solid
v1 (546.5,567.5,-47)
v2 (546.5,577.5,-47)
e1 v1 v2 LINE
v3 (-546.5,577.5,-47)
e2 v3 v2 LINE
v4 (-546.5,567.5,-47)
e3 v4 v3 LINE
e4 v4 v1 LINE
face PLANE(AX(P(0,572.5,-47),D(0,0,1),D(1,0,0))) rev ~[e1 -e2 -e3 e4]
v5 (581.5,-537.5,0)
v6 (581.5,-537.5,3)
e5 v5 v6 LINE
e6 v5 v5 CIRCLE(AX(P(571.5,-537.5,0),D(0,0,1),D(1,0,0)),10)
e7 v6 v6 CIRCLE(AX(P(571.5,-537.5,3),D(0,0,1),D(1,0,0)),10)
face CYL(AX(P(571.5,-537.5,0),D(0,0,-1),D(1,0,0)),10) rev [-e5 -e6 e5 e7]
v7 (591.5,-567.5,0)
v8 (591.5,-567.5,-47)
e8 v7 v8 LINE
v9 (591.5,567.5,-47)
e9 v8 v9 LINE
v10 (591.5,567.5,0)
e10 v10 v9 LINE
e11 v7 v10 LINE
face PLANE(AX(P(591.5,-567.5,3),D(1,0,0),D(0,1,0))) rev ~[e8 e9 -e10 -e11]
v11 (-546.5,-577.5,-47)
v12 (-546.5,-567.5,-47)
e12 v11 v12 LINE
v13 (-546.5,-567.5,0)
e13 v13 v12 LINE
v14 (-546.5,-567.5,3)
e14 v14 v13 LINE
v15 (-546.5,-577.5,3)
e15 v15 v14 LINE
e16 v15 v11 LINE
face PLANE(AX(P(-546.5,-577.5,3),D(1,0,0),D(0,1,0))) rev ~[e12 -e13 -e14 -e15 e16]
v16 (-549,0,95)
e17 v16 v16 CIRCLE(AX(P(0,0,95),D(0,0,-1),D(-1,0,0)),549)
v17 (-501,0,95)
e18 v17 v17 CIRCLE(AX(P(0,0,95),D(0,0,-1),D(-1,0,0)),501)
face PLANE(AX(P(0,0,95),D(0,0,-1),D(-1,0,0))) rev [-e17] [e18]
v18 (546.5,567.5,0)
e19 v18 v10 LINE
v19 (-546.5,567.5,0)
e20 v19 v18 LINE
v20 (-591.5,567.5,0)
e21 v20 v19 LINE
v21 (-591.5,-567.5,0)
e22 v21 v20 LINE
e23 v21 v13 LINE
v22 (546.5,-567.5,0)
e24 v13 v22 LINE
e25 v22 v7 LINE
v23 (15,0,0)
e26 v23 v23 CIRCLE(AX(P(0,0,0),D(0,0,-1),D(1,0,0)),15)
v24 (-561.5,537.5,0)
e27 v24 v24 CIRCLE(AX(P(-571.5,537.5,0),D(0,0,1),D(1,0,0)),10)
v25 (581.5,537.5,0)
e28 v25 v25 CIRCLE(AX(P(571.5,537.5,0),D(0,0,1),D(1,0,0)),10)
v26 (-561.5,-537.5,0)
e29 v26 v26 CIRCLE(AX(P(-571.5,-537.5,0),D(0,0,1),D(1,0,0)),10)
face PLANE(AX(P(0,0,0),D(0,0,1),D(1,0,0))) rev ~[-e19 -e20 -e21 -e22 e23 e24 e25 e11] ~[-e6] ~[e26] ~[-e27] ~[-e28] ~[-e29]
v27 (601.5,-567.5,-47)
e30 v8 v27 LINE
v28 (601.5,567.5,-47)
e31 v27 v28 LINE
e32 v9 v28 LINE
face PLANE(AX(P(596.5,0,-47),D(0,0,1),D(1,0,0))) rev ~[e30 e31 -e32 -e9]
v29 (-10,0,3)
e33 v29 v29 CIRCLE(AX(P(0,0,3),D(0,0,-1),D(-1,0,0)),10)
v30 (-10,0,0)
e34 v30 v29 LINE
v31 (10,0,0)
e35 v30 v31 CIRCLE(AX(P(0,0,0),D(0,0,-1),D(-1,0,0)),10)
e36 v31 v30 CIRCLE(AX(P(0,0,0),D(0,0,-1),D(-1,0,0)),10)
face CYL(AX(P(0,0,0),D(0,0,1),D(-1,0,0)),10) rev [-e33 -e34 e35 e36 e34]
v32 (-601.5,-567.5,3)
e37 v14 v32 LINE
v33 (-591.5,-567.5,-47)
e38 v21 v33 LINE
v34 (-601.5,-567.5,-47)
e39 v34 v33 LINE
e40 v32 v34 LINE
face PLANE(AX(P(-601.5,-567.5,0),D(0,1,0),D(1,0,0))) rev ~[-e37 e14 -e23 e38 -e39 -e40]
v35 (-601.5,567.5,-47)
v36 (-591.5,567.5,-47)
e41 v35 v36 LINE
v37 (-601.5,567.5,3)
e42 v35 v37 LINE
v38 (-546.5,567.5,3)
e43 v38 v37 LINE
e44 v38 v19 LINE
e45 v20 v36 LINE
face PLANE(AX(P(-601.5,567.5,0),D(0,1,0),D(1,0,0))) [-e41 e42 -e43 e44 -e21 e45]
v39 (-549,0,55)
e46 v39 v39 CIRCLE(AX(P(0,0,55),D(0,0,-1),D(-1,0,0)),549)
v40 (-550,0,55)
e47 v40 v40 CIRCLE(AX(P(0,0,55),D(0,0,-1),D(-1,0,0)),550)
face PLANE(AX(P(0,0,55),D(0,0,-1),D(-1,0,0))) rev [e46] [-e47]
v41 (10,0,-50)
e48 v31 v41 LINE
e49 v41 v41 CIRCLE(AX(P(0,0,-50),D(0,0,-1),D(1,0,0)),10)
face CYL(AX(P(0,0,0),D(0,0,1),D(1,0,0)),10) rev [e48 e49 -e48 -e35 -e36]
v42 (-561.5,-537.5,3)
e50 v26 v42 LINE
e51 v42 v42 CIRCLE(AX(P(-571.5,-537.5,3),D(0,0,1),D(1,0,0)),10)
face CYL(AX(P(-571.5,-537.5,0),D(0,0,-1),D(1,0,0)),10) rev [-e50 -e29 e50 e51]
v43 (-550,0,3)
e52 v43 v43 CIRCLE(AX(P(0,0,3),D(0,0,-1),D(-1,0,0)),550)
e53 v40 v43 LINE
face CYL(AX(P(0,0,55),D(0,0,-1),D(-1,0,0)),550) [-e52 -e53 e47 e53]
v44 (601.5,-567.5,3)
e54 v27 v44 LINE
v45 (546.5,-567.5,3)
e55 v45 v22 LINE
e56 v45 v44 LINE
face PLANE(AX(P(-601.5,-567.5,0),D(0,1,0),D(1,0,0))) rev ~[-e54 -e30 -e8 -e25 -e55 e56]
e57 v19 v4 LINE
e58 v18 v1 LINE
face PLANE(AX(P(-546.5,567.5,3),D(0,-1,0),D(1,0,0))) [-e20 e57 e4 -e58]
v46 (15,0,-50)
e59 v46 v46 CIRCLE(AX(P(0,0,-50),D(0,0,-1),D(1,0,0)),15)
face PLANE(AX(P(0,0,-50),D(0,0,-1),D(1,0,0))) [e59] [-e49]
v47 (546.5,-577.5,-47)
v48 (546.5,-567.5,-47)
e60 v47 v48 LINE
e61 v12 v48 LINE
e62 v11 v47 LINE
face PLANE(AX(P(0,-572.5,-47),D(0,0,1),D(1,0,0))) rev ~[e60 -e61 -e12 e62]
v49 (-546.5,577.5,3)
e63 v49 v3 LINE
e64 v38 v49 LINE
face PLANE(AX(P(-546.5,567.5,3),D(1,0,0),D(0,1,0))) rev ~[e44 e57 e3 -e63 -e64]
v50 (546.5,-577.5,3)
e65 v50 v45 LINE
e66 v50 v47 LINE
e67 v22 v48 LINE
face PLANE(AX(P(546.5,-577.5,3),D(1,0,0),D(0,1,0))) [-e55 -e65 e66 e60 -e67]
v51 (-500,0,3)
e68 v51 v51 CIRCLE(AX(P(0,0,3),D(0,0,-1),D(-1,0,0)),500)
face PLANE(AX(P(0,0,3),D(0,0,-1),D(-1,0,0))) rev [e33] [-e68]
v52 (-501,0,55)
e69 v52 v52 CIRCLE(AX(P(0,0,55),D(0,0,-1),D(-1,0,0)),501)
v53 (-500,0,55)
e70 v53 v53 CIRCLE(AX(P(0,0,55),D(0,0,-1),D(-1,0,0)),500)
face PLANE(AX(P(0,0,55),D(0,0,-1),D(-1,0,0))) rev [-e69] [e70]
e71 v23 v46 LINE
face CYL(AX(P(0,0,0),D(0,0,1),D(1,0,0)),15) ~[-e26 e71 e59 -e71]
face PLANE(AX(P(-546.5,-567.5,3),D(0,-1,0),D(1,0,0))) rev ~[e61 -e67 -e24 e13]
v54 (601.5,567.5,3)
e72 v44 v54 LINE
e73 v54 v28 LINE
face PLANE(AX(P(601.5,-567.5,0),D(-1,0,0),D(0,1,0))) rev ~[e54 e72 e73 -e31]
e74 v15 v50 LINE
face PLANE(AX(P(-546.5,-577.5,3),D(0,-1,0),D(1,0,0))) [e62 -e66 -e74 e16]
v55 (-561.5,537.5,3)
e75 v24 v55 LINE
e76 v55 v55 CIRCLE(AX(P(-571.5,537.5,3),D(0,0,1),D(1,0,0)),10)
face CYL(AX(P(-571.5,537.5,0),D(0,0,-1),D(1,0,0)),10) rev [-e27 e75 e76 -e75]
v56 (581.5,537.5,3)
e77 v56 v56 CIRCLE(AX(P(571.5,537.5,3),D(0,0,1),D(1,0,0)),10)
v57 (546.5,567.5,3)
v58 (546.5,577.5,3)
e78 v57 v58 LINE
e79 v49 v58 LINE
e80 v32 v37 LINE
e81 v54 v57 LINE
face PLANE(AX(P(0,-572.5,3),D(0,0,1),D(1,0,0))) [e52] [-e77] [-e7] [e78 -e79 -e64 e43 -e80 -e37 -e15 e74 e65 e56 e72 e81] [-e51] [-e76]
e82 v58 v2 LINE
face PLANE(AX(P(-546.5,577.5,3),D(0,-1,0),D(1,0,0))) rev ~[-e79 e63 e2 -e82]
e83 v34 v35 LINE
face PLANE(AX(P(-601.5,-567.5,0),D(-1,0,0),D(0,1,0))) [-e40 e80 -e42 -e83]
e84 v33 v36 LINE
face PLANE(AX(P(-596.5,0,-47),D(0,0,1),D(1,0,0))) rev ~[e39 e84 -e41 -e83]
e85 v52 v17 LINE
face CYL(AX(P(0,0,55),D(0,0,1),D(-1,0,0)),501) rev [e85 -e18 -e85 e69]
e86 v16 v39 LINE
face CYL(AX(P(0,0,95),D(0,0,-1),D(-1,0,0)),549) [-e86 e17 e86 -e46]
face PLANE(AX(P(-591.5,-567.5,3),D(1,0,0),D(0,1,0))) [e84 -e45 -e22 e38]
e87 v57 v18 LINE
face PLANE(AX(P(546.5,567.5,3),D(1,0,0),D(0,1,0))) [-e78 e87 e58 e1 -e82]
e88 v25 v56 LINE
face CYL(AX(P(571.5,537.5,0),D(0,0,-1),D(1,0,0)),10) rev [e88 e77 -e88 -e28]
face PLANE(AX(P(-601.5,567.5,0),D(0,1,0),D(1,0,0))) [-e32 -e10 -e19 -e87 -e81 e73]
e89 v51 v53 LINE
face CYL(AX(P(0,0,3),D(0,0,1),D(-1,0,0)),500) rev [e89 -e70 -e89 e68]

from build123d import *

# Parameters (mm, degrees)
F2_W     = 1203
F2_H     = 1135
F2_R     = 10
F2_R_2   = 501
F3_DEPTH = 3
F4_W     = 1093
F4_H     = 10
F4_W_2   = 10
F4_H_2   = 1135
F5_DEPTH = 50
F6_R     = 15
F6_R_2   = 10
F7_DEPTH = 50


with BuildPart() as f1:
    # F0 (on Front) → F1 (revolve)
    with BuildSketch(Plane.XZ):
        Polygon((-550, 3), (-500, 3), (-500, 55), (-501, 55), (-501, 95), (-549, 95), (-549, 55), (-550, 55), align=None)
        Polygon((-10, 3), (-500, 3), (-550, 3), (-550, 0), (-10, 0), align=None)
    revolve(axis=Axis((0, 0, 187.921241), (0, 0, -1)))

    # F2 (on Top) → F3 (join)
    with BuildSketch(Plane.XY):
        Rectangle(F2_W, F2_H)
        with Locations((-571.5, -537.5)):
            Circle(F2_R, mode=Mode.SUBTRACT)
        with Locations((571.5, -537.5)):
            Circle(F2_R, mode=Mode.SUBTRACT)
        with Locations((-571.5, 537.5)):
            Circle(F2_R, mode=Mode.SUBTRACT)
        Circle(F2_R_2, mode=Mode.SUBTRACT)
        with Locations((571.5, 537.5)):
            Circle(F2_R, mode=Mode.SUBTRACT)
    extrude(amount=F3_DEPTH)

    # F4 (on face) → F5 (join)
    with BuildSketch(Plane.XY.offset(3)):
        with Locations((0, -572.5)):
            Rectangle(F4_W, F4_H)
        with Locations((-596.5, 0)):
            Rectangle(F4_W_2, F4_H_2)
        with Locations((0, 572.5)):
            Rectangle(F4_W, F4_H)
        with Locations((596.5, 0)):
            Rectangle(F4_W_2, F4_H_2)
    extrude(amount=-F5_DEPTH)

    # F6 (on face) → F7 (join)
    with BuildSketch(Plane(origin=(0, 0, 0), x_dir=(1, 0, 0), z_dir=(0, 0, -1))):
        Circle(F6_R)
        Circle(F6_R_2, mode=Mode.SUBTRACT)
    extrude(amount=F7_DEPTH)


solid = f1.part
